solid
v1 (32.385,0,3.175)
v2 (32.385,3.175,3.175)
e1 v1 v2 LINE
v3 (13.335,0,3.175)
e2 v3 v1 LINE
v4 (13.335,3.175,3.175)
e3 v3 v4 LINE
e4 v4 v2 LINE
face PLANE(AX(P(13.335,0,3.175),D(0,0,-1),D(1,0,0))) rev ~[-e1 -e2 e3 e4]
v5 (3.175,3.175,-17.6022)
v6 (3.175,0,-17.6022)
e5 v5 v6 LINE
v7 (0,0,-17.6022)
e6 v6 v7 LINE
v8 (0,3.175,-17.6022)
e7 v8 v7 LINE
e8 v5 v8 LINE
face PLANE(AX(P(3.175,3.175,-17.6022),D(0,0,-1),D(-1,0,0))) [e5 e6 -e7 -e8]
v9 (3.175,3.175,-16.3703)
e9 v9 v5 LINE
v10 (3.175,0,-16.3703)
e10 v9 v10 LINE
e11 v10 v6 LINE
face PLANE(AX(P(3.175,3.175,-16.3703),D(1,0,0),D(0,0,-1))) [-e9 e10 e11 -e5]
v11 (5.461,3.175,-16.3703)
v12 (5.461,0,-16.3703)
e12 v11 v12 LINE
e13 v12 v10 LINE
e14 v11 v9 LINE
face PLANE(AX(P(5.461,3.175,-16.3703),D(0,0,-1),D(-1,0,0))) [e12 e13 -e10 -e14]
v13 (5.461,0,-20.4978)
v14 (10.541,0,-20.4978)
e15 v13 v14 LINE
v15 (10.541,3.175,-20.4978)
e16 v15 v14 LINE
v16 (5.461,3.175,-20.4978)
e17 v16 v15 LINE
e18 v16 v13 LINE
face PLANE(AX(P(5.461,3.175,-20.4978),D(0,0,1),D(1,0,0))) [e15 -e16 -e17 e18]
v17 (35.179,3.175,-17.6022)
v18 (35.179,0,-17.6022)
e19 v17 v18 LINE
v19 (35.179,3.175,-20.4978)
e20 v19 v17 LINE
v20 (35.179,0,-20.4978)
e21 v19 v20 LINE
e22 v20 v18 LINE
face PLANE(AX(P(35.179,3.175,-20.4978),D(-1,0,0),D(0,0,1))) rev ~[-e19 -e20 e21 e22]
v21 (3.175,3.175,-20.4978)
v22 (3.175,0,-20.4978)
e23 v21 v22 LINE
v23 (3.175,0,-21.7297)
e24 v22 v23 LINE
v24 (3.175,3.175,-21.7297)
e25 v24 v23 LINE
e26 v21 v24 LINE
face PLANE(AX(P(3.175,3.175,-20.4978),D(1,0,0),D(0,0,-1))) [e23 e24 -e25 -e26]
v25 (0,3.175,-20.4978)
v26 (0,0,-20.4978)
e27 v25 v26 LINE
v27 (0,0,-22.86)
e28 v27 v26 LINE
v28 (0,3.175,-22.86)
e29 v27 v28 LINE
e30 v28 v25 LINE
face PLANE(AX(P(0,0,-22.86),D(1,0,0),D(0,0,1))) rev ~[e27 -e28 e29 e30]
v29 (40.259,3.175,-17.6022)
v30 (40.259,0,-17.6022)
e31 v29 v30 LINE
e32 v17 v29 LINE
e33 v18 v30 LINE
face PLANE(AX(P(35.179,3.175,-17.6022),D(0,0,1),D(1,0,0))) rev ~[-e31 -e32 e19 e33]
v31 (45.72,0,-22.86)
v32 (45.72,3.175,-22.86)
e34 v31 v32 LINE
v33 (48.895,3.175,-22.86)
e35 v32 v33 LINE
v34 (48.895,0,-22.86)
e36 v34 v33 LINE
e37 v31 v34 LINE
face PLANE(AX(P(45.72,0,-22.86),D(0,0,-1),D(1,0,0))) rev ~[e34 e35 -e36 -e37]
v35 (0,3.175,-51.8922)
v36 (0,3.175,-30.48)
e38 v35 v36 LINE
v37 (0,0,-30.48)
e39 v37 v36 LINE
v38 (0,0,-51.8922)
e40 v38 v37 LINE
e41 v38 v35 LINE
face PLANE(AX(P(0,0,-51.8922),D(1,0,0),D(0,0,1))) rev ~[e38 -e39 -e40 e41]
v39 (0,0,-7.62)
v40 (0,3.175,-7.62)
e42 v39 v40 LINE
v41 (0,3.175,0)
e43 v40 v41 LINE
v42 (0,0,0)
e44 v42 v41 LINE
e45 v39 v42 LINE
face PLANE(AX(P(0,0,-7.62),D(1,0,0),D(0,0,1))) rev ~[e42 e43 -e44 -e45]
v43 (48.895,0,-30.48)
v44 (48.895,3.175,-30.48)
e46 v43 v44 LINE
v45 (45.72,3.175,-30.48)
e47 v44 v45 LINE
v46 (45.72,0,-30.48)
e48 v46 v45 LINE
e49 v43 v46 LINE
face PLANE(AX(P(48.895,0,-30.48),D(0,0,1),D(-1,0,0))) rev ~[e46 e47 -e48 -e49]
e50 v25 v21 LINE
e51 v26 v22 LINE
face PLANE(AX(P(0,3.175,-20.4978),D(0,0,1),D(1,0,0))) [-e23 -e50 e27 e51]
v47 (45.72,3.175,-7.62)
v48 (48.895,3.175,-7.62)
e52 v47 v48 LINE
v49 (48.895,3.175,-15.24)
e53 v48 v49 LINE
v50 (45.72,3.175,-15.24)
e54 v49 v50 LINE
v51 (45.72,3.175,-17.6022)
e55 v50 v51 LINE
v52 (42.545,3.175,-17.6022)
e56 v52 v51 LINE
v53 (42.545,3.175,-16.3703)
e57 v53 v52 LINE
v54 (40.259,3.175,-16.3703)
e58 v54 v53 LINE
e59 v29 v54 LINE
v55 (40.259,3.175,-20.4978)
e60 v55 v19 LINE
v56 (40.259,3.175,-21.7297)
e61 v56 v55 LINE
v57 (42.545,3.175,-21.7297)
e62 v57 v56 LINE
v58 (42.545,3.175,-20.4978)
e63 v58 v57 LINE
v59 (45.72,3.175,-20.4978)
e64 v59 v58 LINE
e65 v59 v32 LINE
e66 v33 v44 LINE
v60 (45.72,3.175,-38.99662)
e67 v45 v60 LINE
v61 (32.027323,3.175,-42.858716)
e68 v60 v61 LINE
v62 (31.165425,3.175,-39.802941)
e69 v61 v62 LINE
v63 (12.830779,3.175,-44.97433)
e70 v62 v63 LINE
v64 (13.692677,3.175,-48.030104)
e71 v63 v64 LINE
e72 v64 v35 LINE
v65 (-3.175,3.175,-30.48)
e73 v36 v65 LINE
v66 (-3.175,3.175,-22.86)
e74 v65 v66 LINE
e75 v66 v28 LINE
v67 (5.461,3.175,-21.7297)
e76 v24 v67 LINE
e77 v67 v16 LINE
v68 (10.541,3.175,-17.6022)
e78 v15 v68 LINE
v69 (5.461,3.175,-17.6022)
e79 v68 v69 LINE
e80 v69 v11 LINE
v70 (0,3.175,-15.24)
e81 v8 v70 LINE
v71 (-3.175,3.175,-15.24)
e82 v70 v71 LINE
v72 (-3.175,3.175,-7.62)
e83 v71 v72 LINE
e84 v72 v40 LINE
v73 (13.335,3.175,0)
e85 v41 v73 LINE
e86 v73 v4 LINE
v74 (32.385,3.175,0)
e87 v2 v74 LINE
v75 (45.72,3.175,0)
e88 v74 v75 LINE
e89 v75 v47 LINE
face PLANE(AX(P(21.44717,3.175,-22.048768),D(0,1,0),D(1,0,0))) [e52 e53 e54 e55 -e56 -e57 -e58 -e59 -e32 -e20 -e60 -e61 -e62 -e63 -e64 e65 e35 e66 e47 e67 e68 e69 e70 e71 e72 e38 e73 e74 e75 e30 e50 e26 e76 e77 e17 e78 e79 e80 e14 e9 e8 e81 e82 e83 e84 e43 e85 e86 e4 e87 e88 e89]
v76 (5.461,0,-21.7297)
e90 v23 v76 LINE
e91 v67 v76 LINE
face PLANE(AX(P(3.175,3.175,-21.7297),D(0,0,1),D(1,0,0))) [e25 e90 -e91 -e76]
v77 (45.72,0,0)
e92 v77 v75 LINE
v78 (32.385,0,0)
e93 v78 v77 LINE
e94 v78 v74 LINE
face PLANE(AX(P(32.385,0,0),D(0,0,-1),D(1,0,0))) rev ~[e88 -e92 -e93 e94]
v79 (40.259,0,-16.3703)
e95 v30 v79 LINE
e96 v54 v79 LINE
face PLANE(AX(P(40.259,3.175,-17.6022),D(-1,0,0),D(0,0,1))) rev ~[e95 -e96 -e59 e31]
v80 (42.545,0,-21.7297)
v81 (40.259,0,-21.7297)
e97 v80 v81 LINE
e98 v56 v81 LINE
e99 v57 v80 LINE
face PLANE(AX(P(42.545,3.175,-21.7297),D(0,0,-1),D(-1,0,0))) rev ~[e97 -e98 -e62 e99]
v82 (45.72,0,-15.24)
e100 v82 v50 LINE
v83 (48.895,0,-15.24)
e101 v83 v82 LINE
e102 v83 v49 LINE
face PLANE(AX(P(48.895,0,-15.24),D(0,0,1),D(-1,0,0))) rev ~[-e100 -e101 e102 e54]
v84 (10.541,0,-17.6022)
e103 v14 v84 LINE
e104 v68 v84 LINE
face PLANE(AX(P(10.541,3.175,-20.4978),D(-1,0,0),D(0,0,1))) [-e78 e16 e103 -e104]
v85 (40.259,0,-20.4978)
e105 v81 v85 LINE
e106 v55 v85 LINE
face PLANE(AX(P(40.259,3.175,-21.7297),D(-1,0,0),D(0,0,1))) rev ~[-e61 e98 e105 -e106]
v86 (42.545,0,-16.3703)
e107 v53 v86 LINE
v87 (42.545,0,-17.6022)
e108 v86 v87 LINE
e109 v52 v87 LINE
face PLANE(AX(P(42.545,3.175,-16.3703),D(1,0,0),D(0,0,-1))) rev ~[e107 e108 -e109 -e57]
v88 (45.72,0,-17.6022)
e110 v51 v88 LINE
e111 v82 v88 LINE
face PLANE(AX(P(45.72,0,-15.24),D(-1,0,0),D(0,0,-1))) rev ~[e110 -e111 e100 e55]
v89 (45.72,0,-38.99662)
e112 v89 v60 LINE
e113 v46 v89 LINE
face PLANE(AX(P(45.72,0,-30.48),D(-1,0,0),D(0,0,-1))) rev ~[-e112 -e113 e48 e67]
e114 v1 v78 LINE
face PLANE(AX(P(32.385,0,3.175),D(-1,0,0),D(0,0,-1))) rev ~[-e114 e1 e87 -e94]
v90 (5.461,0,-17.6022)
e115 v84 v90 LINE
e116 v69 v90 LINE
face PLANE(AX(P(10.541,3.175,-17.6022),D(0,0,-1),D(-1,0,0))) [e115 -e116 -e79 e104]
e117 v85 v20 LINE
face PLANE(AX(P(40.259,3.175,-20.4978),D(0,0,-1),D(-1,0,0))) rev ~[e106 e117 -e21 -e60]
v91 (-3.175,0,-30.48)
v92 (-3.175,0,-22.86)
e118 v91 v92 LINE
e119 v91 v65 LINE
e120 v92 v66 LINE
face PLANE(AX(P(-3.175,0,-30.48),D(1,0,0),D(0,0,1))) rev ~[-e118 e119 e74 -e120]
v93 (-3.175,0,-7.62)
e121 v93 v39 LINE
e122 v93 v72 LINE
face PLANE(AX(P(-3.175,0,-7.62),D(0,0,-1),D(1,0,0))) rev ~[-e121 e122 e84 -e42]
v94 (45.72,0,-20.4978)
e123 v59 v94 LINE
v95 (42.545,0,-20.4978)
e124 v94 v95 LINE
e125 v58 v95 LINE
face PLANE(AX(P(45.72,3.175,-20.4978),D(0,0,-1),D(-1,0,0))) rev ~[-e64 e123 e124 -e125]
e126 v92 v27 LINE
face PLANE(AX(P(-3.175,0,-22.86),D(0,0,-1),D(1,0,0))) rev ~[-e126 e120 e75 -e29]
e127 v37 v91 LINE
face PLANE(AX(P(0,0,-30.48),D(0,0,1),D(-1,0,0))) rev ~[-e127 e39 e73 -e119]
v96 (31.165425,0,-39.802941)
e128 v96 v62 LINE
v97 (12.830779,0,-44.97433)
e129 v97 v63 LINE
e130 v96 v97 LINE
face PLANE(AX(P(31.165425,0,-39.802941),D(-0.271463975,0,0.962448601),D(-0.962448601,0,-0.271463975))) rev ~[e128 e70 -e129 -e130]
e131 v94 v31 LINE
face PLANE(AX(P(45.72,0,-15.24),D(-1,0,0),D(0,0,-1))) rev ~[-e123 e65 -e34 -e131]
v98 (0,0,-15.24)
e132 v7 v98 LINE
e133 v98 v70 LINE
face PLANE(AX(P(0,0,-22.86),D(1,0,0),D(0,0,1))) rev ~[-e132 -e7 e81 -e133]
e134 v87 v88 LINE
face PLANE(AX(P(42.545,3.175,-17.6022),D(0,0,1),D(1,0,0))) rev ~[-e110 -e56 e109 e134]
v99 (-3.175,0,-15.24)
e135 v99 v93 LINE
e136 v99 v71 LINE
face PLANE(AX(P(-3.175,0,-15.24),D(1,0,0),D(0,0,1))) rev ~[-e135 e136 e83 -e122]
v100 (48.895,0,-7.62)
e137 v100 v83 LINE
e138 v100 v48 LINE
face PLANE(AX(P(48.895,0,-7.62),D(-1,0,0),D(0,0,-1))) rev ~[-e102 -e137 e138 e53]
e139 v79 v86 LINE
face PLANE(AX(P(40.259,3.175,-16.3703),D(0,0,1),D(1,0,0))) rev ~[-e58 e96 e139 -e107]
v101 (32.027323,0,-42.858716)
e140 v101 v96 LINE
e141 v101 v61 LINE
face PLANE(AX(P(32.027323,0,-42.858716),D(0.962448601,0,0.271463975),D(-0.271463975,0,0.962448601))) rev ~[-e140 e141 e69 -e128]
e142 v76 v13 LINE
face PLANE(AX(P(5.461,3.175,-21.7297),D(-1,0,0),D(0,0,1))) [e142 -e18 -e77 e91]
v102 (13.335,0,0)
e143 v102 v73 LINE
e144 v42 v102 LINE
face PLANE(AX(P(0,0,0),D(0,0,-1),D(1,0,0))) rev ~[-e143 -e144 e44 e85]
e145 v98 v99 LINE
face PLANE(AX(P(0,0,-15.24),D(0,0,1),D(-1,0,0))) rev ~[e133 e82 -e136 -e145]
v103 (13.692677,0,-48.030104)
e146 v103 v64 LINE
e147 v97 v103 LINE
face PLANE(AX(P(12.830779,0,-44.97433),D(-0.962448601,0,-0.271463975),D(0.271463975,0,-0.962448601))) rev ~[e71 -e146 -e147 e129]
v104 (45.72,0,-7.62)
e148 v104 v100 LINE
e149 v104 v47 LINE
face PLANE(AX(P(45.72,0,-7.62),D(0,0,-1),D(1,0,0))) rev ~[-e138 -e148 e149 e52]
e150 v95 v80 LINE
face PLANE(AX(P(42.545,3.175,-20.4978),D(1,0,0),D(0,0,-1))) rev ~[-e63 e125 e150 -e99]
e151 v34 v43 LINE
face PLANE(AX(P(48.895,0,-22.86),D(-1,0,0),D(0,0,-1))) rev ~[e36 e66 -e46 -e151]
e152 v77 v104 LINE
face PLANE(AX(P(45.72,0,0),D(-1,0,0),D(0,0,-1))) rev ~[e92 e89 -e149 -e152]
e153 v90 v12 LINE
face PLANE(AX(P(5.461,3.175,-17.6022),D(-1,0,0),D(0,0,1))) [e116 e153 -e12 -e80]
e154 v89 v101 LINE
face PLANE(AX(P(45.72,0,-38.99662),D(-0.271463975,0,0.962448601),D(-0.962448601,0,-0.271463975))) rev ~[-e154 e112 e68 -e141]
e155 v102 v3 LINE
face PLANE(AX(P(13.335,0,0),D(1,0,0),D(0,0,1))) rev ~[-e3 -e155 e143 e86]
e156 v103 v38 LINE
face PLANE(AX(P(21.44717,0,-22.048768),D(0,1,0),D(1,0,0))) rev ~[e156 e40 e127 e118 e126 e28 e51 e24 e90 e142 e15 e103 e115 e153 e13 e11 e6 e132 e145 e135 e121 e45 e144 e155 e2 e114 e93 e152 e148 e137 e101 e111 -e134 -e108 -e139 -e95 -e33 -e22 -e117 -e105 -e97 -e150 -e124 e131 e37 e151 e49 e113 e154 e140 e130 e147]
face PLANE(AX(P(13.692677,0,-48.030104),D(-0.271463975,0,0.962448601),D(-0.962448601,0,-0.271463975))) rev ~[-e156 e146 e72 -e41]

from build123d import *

# Parameters (mm, degrees)
BOSS_EXTRUDE1_DEPTH = 3.175
CUT_EXTRUDE1_DEPTH  = 72.369475764


with BuildPart() as part:
    # Sketch1 → Boss-Extrude1 (new body)
    with BuildSketch(Plane(origin=(0, 0, 0), x_dir=(1, 0, 0), z_dir=(0, 1, 0))):
        Polygon((0, 0), (13.335, 0), (13.335, -3.175), (32.385, -3.175), (32.385, 0), (45.72, 0), (45.72, 7.62), (48.895, 7.62), (48.895, 15.24), (45.72, 15.24), (45.72, 22.86), (48.895, 22.86), (48.895, 30.48), (45.72, 30.48), (45.72, 38.99662), (32.027322928, 42.858715639), (31.165424808, 39.802941329), (12.830778951, 44.974330052), (13.692677072, 48.030104361), (0, 51.8922), (0, 30.48), (-3.175, 30.48), (-3.175, 22.86), (0, 22.86), (0, 15.24), (-3.175, 15.24), (-3.175, 7.62), (0, 7.62), align=None)
    extrude(amount=BOSS_EXTRUDE1_DEPTH)

    # Sketch2 → Cut-Extrude1 (cut, through all)
    with BuildSketch(Plane(origin=(0, 3.175, 0), x_dir=(1, 0, 0), z_dir=(0, 1, 0))):
        Polygon((0, 20.4978), (3.175, 20.4978), (3.175, 21.7297), (5.461, 21.7297), (5.461, 20.4978), (10.541, 20.4978), (10.541, 17.6022), (5.461, 17.6022), (5.461, 16.3703), (3.175, 16.3703), (3.175, 17.6022), (0, 17.6022), align=None)
        Polygon((42.545, 17.6022), (45.72, 17.6022), (45.72, 20.4978), (42.545, 20.4978), (42.545, 21.7297), (40.259, 21.7297), (40.259, 20.4978), (35.179, 20.4978), (35.179, 17.6022), (40.259, 17.6022), (40.259, 16.3703), (42.545, 16.3703), align=None)
    extrude(amount=-CUT_EXTRUDE1_DEPTH, mode=Mode.SUBTRACT)


solid = part.part
